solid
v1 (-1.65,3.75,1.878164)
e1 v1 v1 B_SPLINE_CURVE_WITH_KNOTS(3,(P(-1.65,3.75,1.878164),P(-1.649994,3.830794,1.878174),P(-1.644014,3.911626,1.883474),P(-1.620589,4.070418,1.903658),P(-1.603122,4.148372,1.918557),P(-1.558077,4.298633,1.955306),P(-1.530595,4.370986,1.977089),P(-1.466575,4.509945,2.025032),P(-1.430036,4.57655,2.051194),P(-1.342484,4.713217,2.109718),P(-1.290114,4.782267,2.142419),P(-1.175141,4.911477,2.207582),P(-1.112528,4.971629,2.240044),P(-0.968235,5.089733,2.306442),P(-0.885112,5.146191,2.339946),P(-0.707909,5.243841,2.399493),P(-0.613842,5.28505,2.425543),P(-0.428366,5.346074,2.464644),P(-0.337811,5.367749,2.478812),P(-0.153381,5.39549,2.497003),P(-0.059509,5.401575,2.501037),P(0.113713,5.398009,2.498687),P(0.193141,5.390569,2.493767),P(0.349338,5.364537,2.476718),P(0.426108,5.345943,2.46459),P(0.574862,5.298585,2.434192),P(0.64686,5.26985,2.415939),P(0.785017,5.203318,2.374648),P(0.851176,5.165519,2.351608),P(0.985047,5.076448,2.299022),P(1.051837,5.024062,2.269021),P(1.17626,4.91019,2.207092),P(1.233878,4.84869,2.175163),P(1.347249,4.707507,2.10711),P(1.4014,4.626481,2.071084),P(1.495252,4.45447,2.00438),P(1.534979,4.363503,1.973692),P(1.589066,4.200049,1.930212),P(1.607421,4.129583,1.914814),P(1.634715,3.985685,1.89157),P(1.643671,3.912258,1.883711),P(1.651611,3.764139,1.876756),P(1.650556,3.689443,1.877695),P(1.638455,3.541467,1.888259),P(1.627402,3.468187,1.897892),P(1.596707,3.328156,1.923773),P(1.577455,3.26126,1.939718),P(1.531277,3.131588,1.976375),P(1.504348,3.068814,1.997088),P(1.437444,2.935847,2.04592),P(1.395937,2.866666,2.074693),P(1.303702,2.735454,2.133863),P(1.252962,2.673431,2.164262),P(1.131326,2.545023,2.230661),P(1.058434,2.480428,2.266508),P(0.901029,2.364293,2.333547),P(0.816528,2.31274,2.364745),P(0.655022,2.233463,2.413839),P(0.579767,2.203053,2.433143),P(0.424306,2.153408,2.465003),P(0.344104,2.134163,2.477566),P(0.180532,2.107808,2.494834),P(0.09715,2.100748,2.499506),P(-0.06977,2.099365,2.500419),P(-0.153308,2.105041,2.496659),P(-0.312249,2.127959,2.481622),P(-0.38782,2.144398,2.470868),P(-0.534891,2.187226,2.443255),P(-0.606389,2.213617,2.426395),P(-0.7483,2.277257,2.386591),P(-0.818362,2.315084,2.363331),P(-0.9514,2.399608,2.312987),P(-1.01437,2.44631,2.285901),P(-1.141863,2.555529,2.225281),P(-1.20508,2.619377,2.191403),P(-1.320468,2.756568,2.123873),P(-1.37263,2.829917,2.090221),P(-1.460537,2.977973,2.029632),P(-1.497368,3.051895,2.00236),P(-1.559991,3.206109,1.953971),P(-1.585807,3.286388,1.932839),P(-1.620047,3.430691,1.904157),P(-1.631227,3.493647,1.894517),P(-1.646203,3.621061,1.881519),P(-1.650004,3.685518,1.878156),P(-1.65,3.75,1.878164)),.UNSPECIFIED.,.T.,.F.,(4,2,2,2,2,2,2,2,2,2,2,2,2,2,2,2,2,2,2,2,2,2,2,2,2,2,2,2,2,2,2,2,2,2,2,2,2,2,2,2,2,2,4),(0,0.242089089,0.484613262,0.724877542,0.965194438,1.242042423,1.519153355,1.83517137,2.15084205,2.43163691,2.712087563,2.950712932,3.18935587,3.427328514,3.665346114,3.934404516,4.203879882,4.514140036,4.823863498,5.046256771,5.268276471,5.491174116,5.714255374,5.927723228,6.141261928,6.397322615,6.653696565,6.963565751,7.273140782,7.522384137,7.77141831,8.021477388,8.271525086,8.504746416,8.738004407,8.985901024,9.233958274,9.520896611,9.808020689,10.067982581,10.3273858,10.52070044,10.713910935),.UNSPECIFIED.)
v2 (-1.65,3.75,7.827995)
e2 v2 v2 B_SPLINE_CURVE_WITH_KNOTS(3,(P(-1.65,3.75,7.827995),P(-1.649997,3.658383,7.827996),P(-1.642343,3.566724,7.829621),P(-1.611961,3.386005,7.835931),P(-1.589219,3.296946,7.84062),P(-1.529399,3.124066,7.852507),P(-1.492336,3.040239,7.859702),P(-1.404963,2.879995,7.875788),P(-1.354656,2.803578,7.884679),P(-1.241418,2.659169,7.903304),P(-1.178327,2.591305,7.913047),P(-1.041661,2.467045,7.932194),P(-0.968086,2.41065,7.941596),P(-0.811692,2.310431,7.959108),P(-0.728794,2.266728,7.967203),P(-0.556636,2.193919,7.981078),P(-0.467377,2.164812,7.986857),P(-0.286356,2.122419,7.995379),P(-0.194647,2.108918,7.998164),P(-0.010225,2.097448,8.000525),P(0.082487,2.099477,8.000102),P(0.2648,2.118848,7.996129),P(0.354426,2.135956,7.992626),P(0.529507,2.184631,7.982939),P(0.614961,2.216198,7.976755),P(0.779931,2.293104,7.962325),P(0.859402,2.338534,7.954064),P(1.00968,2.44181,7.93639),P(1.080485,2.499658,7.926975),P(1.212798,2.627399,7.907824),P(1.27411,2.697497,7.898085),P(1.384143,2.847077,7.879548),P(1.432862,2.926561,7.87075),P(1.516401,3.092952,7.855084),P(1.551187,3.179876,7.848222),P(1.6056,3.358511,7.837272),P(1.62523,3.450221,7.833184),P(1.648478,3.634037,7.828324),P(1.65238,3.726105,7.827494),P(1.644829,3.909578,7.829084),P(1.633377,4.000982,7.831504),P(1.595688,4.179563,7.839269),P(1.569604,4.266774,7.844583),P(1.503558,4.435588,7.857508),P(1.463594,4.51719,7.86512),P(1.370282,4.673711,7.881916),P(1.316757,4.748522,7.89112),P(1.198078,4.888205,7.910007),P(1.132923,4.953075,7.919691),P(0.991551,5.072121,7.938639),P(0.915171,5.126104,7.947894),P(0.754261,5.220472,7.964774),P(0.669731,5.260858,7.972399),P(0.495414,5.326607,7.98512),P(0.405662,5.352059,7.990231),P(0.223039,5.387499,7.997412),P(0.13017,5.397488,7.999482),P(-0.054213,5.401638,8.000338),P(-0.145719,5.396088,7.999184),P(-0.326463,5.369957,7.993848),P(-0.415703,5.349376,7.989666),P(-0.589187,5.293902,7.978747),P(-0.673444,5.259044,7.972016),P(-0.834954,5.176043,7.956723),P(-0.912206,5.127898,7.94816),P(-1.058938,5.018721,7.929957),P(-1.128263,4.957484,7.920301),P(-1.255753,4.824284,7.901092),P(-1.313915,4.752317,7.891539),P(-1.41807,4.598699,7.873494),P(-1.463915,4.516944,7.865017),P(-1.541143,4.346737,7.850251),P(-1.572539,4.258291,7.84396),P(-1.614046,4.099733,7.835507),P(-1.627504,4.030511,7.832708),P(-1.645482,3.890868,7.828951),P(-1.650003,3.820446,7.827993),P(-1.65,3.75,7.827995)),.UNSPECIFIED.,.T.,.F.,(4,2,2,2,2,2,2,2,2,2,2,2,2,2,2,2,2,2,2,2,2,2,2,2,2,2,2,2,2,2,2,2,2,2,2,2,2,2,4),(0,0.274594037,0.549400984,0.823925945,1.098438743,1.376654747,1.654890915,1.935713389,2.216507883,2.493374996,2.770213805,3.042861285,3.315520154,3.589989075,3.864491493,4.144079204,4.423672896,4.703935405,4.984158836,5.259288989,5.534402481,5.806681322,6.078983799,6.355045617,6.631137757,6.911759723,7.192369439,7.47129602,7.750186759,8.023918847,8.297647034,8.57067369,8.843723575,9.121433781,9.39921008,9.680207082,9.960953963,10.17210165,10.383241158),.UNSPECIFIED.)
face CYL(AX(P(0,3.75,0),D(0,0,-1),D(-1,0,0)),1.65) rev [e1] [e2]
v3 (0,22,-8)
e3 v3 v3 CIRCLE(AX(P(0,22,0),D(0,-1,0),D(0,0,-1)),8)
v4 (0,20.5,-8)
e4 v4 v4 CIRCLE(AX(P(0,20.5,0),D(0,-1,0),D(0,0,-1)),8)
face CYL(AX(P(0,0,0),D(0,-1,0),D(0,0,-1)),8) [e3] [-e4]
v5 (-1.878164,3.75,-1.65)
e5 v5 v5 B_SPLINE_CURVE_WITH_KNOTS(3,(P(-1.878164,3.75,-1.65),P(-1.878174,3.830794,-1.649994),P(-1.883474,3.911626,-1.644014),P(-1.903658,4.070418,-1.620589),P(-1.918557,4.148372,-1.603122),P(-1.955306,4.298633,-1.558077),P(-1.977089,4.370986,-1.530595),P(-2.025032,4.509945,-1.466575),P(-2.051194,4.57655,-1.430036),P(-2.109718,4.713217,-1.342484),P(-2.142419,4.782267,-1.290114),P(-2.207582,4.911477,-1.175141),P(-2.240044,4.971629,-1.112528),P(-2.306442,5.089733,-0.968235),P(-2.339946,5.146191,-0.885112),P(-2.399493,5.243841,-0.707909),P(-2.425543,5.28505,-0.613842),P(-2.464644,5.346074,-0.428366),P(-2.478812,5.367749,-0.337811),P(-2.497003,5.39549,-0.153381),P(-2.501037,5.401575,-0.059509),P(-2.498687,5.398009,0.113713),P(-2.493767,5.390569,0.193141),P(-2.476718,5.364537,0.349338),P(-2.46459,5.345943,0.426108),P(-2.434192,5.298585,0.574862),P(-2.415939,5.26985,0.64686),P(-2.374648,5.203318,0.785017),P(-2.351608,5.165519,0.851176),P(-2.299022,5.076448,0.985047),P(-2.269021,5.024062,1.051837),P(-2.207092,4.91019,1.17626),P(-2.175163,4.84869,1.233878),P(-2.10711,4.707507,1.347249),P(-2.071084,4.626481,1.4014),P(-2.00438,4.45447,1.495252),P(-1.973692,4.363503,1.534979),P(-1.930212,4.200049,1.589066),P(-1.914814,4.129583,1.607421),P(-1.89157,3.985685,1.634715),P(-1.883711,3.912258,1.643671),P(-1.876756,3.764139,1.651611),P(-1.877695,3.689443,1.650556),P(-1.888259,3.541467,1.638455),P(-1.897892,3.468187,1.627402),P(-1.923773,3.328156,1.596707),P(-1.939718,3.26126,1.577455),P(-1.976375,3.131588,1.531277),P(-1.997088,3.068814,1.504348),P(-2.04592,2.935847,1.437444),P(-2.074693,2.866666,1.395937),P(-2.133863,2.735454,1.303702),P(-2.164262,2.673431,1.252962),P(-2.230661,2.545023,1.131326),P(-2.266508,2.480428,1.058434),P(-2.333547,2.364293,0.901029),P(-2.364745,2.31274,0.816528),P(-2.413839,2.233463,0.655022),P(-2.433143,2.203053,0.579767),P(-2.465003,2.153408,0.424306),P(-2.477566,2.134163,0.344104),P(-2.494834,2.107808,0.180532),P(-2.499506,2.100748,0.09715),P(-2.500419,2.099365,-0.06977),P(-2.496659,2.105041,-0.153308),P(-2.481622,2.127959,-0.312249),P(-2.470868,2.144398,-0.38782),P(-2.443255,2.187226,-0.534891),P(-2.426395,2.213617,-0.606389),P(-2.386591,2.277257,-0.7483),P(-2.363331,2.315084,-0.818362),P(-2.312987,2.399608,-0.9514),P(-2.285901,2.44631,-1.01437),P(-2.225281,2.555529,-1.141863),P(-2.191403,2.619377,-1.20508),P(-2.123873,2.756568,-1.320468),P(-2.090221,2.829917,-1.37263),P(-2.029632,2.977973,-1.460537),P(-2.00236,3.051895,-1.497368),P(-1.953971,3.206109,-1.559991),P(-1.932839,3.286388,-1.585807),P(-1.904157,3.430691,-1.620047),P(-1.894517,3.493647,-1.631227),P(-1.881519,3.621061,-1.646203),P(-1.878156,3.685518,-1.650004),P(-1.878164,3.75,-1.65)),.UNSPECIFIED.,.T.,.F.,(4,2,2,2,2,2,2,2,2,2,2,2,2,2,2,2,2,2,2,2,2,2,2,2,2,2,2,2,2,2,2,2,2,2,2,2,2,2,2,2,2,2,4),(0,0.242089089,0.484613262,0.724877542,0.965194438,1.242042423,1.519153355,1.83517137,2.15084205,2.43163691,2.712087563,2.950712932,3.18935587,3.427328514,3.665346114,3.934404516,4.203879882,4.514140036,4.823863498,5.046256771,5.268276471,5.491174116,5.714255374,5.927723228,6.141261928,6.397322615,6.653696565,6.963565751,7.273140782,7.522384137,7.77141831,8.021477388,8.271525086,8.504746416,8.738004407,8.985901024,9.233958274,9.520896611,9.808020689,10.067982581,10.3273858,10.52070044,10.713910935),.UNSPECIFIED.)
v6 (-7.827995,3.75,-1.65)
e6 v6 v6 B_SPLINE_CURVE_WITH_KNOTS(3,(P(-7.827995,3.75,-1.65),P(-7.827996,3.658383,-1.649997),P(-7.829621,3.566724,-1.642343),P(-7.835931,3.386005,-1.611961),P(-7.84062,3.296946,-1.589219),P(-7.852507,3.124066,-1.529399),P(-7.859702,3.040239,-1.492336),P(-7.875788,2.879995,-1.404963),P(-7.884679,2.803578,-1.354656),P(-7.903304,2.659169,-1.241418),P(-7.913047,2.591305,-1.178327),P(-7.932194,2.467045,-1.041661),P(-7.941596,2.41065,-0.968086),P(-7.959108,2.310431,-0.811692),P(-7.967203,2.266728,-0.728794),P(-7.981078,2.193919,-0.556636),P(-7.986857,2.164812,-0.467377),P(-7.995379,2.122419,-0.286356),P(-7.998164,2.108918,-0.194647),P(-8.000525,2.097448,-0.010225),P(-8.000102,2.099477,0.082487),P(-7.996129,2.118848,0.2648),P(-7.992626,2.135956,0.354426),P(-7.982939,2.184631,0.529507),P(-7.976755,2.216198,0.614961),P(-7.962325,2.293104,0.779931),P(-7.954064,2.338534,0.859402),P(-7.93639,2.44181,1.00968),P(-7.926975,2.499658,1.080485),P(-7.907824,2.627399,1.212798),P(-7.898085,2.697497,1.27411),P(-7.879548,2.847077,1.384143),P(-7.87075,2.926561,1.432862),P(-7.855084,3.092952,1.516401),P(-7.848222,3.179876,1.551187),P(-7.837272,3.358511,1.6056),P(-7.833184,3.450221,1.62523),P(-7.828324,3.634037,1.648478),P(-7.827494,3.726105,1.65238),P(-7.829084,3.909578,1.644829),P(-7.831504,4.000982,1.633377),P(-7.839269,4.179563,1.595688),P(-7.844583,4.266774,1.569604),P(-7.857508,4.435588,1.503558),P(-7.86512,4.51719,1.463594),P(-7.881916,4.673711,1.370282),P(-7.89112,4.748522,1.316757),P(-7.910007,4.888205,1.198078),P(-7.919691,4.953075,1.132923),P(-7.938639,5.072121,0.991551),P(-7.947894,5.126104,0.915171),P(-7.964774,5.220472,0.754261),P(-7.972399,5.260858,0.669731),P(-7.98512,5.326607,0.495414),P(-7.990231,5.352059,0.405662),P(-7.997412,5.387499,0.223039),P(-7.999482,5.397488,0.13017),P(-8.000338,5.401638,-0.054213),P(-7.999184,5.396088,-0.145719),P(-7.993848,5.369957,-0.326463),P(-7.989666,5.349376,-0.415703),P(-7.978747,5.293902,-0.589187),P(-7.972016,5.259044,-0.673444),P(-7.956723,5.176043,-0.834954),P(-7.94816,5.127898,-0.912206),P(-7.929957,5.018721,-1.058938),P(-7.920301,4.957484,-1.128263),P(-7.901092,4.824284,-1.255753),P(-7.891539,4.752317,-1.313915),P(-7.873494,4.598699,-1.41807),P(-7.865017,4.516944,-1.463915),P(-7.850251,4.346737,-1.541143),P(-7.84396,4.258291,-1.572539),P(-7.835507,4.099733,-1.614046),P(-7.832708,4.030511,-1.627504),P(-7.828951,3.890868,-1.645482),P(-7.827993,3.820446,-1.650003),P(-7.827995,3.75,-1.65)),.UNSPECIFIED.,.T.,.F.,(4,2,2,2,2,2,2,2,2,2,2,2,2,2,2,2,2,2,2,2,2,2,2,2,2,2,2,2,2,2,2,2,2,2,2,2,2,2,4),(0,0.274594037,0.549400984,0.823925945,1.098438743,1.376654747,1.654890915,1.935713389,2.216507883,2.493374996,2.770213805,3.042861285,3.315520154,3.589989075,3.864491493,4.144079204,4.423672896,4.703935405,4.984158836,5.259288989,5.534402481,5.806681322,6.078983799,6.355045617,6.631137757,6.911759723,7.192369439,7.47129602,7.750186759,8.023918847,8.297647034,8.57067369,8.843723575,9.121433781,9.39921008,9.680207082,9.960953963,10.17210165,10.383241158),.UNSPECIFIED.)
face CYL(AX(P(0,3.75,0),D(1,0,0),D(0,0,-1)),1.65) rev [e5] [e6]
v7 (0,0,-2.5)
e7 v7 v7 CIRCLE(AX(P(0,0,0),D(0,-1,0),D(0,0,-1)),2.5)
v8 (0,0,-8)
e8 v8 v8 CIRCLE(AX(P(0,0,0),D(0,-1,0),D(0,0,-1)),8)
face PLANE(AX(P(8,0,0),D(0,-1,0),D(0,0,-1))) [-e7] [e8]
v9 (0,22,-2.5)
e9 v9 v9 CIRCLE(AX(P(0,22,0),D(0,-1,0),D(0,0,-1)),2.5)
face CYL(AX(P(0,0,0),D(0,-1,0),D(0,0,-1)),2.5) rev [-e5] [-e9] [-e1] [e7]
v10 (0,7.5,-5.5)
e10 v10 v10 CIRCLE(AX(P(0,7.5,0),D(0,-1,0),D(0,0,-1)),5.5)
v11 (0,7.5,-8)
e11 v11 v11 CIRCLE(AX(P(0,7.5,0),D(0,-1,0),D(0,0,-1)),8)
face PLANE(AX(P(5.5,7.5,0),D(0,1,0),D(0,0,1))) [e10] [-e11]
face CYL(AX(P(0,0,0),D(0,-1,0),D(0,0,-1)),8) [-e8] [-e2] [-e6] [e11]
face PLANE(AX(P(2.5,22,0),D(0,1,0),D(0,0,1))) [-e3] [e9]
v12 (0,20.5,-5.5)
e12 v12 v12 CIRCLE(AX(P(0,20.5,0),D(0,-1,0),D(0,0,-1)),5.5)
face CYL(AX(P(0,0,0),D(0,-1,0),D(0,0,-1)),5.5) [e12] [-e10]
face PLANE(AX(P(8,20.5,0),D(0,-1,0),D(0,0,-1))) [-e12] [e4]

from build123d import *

# Parameters (mm, degrees)
CROQUIS3_W     = 1.65
CROQUIS3_H     = 8.001
MATRIZC1_COUNT = 2
MATRIZC1_ANGLE = 90


with BuildPart() as part:
    # Croquis1 → Revolución1 (revolve)
    with BuildSketch(Plane.XY, mode=Mode.PRIVATE) as revoluci_n1_sk:
        Polygon((8, 7.5), (8, 0), (2.5, 0), (2.5, 22), (8, 22), (8, 20.5), (5.5, 20.5), (5.5, 7.5), align=None)
    revolve(revoluci_n1_sk.sketch.rotate(Axis((0, 0, 0), (0, 1, 0)), 90), axis=Axis((0, 0, 0), (0, 1, 0)))

    # Croquis3 → Taladro roscado M41 (revolve, cut)
    with BuildSketch(Plane(origin=(0, 3.75, 0), x_dir=(0, 1, 0), z_dir=(1, 0, 0))):
        with Locations((0.825, 4.0005)):
            Rectangle(CROQUIS3_W, CROQUIS3_H)
    taladro_roscado_m41 = revolve(axis=Axis((0, 3.75, -6.35), (0, 0, 1)), mode=Mode.SUBTRACT)

    # MatrizC1: Taladro roscado M41 ×2 about axis
    matrizc1_axis = Axis((0, 0, 0), (0, -1, 0))
    for i in range(1, MATRIZC1_COUNT):
        add(taladro_roscado_m41.rotate(matrizc1_axis, i * MATRIZC1_ANGLE / (MATRIZC1_COUNT - 1)), mode=Mode.SUBTRACT)


solid = part.part
